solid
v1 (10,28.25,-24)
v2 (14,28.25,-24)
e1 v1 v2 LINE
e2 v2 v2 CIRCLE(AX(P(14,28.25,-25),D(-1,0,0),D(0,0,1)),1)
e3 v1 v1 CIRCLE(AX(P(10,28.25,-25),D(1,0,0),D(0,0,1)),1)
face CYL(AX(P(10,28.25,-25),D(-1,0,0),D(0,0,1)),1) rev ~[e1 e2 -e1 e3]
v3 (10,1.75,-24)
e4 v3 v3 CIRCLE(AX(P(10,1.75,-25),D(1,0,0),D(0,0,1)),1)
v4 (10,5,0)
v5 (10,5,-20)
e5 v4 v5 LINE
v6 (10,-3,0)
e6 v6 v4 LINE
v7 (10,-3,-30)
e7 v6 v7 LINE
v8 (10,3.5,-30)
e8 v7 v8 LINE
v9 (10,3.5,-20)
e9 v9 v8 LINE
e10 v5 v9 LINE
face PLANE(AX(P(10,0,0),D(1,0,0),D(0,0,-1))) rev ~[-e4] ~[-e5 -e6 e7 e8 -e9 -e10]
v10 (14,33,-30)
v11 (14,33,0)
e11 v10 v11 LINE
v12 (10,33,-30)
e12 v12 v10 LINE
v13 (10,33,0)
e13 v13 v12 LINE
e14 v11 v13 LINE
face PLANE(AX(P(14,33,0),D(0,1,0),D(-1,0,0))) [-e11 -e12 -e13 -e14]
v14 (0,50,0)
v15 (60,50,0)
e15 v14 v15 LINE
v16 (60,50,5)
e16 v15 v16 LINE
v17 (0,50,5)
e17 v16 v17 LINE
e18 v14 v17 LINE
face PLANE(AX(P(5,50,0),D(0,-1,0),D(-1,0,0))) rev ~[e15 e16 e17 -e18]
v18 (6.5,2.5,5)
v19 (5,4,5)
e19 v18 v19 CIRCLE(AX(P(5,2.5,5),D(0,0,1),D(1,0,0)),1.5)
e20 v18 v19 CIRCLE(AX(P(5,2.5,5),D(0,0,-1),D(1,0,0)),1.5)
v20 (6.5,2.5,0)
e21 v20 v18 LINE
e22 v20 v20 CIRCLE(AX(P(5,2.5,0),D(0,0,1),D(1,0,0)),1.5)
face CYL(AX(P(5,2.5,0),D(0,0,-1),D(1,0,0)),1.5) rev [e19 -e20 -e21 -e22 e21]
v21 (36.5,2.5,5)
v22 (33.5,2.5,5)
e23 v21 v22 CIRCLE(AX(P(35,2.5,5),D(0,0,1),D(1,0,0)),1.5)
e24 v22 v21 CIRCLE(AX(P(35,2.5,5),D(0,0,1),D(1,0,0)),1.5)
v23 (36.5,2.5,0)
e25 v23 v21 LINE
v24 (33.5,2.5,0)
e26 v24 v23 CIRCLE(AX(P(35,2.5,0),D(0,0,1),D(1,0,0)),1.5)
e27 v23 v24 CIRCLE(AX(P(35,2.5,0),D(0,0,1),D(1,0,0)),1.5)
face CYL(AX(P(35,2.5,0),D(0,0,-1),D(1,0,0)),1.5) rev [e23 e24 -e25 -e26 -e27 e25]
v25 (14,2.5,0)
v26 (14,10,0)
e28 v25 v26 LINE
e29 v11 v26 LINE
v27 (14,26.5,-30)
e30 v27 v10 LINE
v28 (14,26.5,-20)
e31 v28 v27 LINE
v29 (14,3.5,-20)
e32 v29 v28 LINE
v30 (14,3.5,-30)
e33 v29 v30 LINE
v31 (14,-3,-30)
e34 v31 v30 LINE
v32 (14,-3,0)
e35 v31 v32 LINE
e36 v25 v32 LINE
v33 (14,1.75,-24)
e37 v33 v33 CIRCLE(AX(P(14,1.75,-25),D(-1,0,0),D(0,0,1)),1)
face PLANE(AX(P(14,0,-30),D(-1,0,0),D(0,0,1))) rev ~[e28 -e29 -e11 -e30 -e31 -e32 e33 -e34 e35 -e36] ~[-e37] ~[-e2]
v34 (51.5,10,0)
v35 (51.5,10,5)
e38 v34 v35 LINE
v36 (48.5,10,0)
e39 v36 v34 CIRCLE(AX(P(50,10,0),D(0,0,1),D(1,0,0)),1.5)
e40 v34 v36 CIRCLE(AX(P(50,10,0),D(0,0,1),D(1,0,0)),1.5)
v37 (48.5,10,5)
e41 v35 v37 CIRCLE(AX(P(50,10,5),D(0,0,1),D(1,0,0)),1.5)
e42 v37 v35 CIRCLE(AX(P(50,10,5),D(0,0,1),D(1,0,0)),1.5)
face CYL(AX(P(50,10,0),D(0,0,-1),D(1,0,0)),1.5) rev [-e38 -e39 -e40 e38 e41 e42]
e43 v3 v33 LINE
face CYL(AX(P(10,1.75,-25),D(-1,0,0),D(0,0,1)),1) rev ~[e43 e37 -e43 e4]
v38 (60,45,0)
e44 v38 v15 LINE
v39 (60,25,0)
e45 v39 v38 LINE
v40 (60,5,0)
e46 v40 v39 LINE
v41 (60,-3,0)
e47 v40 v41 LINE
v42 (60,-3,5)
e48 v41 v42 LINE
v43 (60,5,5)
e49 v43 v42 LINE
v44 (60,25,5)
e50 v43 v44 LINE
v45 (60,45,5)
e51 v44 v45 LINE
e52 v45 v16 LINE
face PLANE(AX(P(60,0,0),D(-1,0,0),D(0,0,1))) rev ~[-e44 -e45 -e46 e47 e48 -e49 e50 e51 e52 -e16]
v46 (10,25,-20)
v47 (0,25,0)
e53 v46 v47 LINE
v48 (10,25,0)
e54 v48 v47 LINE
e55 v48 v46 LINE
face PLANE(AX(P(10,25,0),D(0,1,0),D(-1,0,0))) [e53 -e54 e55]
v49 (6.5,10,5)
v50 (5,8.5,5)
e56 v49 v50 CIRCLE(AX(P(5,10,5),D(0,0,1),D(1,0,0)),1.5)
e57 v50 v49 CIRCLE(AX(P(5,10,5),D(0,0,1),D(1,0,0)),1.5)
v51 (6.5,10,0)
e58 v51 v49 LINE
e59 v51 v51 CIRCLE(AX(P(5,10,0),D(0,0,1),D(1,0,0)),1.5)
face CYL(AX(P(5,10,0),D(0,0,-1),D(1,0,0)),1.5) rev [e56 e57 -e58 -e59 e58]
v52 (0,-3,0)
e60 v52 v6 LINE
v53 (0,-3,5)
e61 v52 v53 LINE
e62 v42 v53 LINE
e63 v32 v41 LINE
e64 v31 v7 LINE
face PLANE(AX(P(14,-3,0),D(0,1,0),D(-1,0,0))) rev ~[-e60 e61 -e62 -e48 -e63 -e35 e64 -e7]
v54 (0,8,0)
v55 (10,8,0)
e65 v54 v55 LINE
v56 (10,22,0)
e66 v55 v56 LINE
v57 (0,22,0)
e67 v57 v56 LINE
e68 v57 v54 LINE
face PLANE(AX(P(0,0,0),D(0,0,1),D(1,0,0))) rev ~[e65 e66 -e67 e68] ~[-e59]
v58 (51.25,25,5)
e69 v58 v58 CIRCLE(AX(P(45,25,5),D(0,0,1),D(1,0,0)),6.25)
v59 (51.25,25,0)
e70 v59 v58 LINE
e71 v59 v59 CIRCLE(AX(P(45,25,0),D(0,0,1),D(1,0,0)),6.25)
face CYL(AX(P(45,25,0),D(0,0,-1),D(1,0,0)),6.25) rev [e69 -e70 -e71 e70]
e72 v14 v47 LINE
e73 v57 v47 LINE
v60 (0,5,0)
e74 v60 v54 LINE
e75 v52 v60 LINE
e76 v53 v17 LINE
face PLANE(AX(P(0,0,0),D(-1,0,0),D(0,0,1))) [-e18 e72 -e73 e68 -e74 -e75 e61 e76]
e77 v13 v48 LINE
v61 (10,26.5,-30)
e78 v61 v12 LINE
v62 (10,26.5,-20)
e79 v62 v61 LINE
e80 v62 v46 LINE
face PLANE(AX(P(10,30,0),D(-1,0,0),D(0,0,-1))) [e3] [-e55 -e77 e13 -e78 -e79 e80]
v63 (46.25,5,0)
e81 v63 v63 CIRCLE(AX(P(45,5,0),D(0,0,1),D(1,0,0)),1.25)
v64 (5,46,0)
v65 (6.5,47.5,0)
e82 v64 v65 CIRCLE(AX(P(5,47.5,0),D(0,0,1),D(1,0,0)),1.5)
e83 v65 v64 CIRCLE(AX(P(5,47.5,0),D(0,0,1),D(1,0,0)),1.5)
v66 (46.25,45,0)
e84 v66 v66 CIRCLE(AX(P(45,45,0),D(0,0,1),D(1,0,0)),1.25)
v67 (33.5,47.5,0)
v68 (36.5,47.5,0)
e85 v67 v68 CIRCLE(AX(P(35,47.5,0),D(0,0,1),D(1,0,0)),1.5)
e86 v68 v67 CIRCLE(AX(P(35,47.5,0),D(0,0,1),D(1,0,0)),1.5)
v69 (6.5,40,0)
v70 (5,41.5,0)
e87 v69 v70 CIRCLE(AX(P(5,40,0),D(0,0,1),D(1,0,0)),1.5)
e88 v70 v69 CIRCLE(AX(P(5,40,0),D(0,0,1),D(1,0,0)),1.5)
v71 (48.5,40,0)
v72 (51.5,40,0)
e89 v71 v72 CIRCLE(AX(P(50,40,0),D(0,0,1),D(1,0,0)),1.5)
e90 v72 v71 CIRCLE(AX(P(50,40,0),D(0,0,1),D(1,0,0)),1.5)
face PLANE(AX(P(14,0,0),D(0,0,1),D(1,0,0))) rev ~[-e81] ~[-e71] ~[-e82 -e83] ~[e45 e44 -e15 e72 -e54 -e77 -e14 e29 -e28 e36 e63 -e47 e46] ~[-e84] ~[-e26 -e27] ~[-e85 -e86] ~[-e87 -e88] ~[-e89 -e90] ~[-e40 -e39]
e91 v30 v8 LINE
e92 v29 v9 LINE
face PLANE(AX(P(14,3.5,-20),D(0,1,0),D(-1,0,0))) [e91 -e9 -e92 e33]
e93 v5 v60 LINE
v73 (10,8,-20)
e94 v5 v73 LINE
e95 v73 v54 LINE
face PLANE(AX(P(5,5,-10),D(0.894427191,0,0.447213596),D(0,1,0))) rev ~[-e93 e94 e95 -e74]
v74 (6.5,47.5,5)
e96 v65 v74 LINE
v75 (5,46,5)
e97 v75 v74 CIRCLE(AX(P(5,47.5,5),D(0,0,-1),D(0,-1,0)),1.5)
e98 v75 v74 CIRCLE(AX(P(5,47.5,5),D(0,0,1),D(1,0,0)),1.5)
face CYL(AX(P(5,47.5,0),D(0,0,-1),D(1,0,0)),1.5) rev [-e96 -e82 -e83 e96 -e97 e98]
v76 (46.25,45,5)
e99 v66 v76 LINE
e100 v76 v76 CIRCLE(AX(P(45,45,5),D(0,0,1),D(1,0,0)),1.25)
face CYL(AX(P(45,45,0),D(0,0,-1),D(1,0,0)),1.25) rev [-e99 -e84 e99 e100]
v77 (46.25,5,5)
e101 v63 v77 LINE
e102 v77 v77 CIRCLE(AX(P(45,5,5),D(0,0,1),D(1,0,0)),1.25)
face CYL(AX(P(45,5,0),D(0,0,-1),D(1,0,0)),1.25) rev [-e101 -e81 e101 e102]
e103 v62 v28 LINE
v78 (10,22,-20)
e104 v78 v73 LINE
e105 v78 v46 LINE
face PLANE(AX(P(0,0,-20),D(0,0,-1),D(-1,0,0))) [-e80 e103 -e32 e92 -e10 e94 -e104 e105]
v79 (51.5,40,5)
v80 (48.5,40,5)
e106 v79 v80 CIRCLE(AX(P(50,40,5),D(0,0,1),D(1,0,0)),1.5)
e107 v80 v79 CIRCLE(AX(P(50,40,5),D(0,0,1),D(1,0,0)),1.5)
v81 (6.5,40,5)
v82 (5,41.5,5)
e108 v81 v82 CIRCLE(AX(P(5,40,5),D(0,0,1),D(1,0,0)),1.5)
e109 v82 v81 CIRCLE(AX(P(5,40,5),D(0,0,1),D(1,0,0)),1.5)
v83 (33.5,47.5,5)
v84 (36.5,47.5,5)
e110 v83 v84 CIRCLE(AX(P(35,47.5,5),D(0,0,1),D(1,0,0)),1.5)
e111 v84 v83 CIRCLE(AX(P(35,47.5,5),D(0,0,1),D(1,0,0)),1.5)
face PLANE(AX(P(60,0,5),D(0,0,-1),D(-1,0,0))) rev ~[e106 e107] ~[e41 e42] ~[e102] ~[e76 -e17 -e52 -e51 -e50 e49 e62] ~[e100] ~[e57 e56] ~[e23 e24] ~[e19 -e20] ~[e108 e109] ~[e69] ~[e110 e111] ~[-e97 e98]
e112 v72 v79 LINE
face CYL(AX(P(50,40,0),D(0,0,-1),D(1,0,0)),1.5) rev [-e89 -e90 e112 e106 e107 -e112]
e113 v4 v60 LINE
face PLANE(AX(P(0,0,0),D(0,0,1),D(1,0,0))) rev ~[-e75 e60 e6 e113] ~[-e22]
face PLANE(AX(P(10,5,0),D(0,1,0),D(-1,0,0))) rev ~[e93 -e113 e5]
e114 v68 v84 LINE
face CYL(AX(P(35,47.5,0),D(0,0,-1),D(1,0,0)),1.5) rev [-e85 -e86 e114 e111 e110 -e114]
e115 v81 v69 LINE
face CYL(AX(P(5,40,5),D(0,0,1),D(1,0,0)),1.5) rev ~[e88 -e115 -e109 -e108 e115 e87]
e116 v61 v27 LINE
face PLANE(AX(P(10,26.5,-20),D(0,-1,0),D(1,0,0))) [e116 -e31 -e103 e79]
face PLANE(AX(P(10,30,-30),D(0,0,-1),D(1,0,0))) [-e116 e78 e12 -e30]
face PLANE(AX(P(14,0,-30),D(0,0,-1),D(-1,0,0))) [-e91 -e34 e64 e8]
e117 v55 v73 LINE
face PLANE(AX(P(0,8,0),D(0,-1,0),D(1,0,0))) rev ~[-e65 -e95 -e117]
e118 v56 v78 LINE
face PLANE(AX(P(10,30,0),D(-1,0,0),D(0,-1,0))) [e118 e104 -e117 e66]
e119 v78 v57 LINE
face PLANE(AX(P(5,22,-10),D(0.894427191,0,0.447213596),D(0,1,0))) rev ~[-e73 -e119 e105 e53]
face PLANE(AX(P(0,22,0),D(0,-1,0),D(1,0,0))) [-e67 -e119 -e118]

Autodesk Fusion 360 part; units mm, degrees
sketch "Sketch1" plane through (0, 0, 0) normal (0, 0, 1) x (1, 0, 0)
  line L0 (0, 0) -> (60, 0)
  line L1 (60, 0) -> (60, 50)
  line L2 (60, 50) -> (0, 50)
  line L3 (0, 50) -> (0, 0)
  line L4 (0, 50) -> (5, 50)
  line L5 (5, 50) -> (5, 47.5)
  line L6 (5, 47.5) -> (0, 47.5)
  line L7 (0, 47.5) -> (0, 50)
  line L8 (0, 0) -> (5, 0)
  line L9 (5, 0) -> (5, 2.5)
  line L10 (5, 2.5) -> (0, 2.5)
  line L11 (0, 2.5) -> (0, 0)
  circle A0 centre (5, 2.5) radius 1.5
  circle A1 centre (5, 47.5) radius 1.5
  line L12 (5, 47.5) -> (35, 47.5)
  line L13 (5, 2.5) -> (35, 2.5)
  line L14 (5, 50) -> (5, 40)
  line L15 (5, 0) -> (5, 10)
  line L16 (5, 40) -> (50, 40)
  line L17 (5, 10) -> (50, 10)
  line L18 (60, 50) -> (60, 45)
  line L19 (60, 45) -> (45, 45)
  circle A2 centre (45, 45) radius 1.25
  line L20 (60, 0) -> (60, 5)
  line L21 (60, 5) -> (45, 5)
  circle A3 centre (45, 5) radius 1.25
  line L22 (60, 0) -> (60, 25)
  line L23 (60, 25) -> (45, 25)
  circle A4 centre (45, 25) radius 6.25
  circle A5 centre (50, 40) radius 1.5
  circle A6 centre (5, 10) radius 1.5
  circle A7 centre (50, 10) radius 1.5
  circle A8 centre (35, 47.5) radius 1.5
  circle A9 centre (35, 2.5) radius 1.5
  dimension "d1" = 60
  dimension "d2" = 50
  dimension "d3" = 5
  dimension "d4" = 2.5
  dimension "d5" = 5
  dimension "d6" = 2.5
  dimension "d7" = 3
  dimension "d8" = 3
  dimension "d9" = 30
  dimension "d10" = 30
  dimension "d11" = 10
  dimension "d12" = 10
  dimension "d13" = 45
  dimension "d14" = 45
  dimension "d15" = 15
  dimension "d16" = 2.5
  dimension "d17" = 5
  dimension "d18" = 15
  dimension "d19" = 2.5
  dimension "d20" = 15
  dimension "d21" = 12.5
  dimension "d22" = 3
  dimension "d23" = 3
  dimension "d24" = 3
  dimension "d25" = 3
  dimension "d26" = 3
extrude "Extrude1" add sketch "Sketch1" along normal blind 5 contours L0 L3 L8 L9 L10 L11 A0 L15 | L0 L1 L2 L3 L5 L6 L9 L10 A0 A1 L14 L15 L18 L20 L22 | L2 L3 L4 L5 L6 L7 A1 L14
sketch "Sketch2" plane through (0, 0, 5) normal (0, 0, 1) x (1, 0, 0)
  circle A0 centre (5, 2.5) radius 1.5
  circle A1 centre (5, 10) radius 1.5
  circle A2 centre (35, 2.5) radius 1.5
  circle A3 centre (45, 45) radius 1.25
  circle A4 centre (35, 47.5) radius 1.5
  circle A5 centre (50, 40) radius 1.5
  circle A6 centre (50, 10) radius 1.5
  circle A7 centre (45, 5) radius 1.25
  circle A8 centre (45, 25) radius 6.25
  circle A9 centre (5, 47.5) radius 1.5
  line L0 (0, 50) -> (0, 0)
  line L1 (0, 0) -> (60, 0)
  line L2 (60, 0) -> (60, 50)
  line L3 (60, 50) -> (0, 50)
  line L4 (50, 40) -> (5, 40)
  circle A10 centre (5, 40) radius 1.5
  dimension "d29" = 45
  dimension "d30" = 3
extrude "Extrude2" cut sketch "Sketch2" against normal blind 5 contours A10
sketch "Sketch3" plane through (0, 0, 0) normal (0, 0, -1) x (-1, 0, 0)
  circle A0 centre (-5, 40) radius 1.5
  circle A1 centre (-5, 2.5) radius 1.5
  circle A2 centre (-5, 10) radius 1.5
  circle A3 centre (-35, 2.5) radius 1.5
  circle A4 centre (-45, 45) radius 1.25
  circle A5 centre (-35, 47.5) radius 1.5
  circle A6 centre (-50, 40) radius 1.5
  circle A7 centre (-50, 10) radius 1.5
  circle A8 centre (-45, 5) radius 1.25
  circle A9 centre (-45, 25) radius 6.25
  circle A10 centre (-5, 47.5) radius 1.5
  line L0 (0, 0) -> (0, 50)
  line L1 (0, 50) -> (-60, 50)
  line L2 (-60, 50) -> (-60, 0)
  line L3 (-60, 0) -> (0, 0)
  line L4 (0, 0) -> (-10, 0)
  line L5 (-10, 0) -> (-14, 0)
  line L6 (-14, 0) -> (-14, 30)
  line L7 (-14, 30) -> (-10, 30)
  line L8 (-10, 30) -> (-10, 0)
  dimension "d33" = 10
  dimension "d34" = 4
  dimension "d35" = 30
extrude "Extrude3" add sketch "Sketch3" along normal blind 20 contours L3 L5 L6 L7 L8
sketch "Sketch4" plane through (0, 0, -20) normal (0, 0, -1) x (-1, 0, 0)
  line L0 (-10, 30) -> (-14, 30)
  line L1 (-14, 30) -> (-14, 0)
  line L2 (-14, 0) -> (-10, 0)
  line L3 (-10, 0) -> (-10, 30)
  line L4 (-14, 30) -> (-10, 30)
  line L5 (-10, 30) -> (-10, 26.5)
  line L6 (-10, 26.5) -> (-14, 26.5)
  line L7 (-14, 26.5) -> (-14, 30)
  line L8 (-10, 0) -> (-14, 0)
  line L9 (-14, 0) -> (-14, 3.5)
  line L10 (-14, 3.5) -> (-10, 3.5)
  line L11 (-10, 3.5) -> (-10, 0)
  dimension "d38" = 3.5
  dimension "d39" = 3.5
extrude "Extrude4" add sketch "Sketch4" along normal blind 10 contours L0 L1 L3 L4 L5 L6 L7 | L1 L2 L3 L8 L9 L10 L11
sketch "Sketch5" plane through (10, 0, 0) normal (-1, 0, 0) x (0, 0, 1)
  line L0 (0, 0) -> (0, 30)
  line L1 (0, 30) -> (-30, 30)
  line L2 (-30, 30) -> (-30, 26.5)
  line L3 (-30, 26.5) -> (-20, 26.5)
  line L4 (-20, 26.5) -> (-20, 3.5)
  line L5 (-20, 3.5) -> (-30, 3.5)
  line L6 (-30, 3.5) -> (-30, 0)
  line L7 (-30, 0) -> (0, 0)
  line L8 (-30, 30) -> (-30, 28.25)
  line L9 (-30, 28.25) -> (-25, 28.25)
  line L10 (-30, 0) -> (-30, 1.75)
  line L11 (-30, 1.75) -> (-25, 1.75)
  circle A0 centre (-25, 28.25) radius 1
  circle A1 centre (-25, 1.75) radius 1
  dimension "d42" = 5
  dimension "d43" = 2
  dimension "d44" = 2
extrude "Extrude5" cut sketch "Sketch5" against normal blind 4 contours A0 | A1
sketch "Sketch6" plane through (0, 0, 0) normal (0, 0, -1) x (-1, 0, 0)
  line L0 (-14, 0) -> (-14, 30)
  line L1 (-14, 30) -> (-10, 30)
  line L2 (-10, 30) -> (-10, 0)
  line L3 (-10, 0) -> (0, 0)
  line L4 (0, 0) -> (0, 50)
  line L5 (0, 50) -> (-60, 50)
  line L6 (-60, 50) -> (-60, 0)
  line L7 (-60, 0) -> (-14, 0)
  circle A0 centre (-5, 47.5) radius 1.5
  circle A1 centre (-45, 25) radius 6.25
  circle A2 centre (-45, 5) radius 1.25
  circle A3 centre (-50, 10) radius 1.5
  circle A4 centre (-50, 40) radius 1.5
  circle A5 centre (-35, 47.5) radius 1.5
  circle A6 centre (-45, 45) radius 1.25
  circle A7 centre (-35, 2.5) radius 1.5
  circle A8 centre (-5, 10) radius 1.5
  circle A9 centre (-5, 2.5) radius 1.5
  circle A10 centre (-5, 40) radius 1.5
  line L8 (-10, 0) -> (-10, 5)
  line L9 (-10, 30) -> (-10, 25)
  line L10 (-10, 5) -> (0, 5)
  line L11 (0, 5) -> (0, 8)
  line L12 (0, 8) -> (-10, 8)
  line L13 (-10, 8) -> (-10, 5)
  line L14 (-10, 25) -> (0, 25)
  line L15 (0, 25) -> (0, 22)
  line L16 (0, 22) -> (-10, 22)
  line L17 (-10, 22) -> (-10, 25)
  dimension "d47" = 5
  dimension "d48" = 3
extrude "Extrude6" add sketch "Sketch6" along normal blind 20 contours L2 L4 L14 L15 L16 L17 | L2 L4 L10 L11 L12 L13
chamfer "Chamfer1" distance 10 distance2 20 2 edges at (0, 23.5, -20) (0, 6.5, -20) measured on face at (12.6667, 12.6667, -20) measured on face at (12.6667, 12.6667, -20)
extrude "Extrude7" add 1 faces at (12.6667, 30, -10) along direction (0, 1, 0) blind 3
extrude "Extrude8" add 1 faces at (24.6667, 0, 3.3333) along direction (0, -1, 0) blind 3
